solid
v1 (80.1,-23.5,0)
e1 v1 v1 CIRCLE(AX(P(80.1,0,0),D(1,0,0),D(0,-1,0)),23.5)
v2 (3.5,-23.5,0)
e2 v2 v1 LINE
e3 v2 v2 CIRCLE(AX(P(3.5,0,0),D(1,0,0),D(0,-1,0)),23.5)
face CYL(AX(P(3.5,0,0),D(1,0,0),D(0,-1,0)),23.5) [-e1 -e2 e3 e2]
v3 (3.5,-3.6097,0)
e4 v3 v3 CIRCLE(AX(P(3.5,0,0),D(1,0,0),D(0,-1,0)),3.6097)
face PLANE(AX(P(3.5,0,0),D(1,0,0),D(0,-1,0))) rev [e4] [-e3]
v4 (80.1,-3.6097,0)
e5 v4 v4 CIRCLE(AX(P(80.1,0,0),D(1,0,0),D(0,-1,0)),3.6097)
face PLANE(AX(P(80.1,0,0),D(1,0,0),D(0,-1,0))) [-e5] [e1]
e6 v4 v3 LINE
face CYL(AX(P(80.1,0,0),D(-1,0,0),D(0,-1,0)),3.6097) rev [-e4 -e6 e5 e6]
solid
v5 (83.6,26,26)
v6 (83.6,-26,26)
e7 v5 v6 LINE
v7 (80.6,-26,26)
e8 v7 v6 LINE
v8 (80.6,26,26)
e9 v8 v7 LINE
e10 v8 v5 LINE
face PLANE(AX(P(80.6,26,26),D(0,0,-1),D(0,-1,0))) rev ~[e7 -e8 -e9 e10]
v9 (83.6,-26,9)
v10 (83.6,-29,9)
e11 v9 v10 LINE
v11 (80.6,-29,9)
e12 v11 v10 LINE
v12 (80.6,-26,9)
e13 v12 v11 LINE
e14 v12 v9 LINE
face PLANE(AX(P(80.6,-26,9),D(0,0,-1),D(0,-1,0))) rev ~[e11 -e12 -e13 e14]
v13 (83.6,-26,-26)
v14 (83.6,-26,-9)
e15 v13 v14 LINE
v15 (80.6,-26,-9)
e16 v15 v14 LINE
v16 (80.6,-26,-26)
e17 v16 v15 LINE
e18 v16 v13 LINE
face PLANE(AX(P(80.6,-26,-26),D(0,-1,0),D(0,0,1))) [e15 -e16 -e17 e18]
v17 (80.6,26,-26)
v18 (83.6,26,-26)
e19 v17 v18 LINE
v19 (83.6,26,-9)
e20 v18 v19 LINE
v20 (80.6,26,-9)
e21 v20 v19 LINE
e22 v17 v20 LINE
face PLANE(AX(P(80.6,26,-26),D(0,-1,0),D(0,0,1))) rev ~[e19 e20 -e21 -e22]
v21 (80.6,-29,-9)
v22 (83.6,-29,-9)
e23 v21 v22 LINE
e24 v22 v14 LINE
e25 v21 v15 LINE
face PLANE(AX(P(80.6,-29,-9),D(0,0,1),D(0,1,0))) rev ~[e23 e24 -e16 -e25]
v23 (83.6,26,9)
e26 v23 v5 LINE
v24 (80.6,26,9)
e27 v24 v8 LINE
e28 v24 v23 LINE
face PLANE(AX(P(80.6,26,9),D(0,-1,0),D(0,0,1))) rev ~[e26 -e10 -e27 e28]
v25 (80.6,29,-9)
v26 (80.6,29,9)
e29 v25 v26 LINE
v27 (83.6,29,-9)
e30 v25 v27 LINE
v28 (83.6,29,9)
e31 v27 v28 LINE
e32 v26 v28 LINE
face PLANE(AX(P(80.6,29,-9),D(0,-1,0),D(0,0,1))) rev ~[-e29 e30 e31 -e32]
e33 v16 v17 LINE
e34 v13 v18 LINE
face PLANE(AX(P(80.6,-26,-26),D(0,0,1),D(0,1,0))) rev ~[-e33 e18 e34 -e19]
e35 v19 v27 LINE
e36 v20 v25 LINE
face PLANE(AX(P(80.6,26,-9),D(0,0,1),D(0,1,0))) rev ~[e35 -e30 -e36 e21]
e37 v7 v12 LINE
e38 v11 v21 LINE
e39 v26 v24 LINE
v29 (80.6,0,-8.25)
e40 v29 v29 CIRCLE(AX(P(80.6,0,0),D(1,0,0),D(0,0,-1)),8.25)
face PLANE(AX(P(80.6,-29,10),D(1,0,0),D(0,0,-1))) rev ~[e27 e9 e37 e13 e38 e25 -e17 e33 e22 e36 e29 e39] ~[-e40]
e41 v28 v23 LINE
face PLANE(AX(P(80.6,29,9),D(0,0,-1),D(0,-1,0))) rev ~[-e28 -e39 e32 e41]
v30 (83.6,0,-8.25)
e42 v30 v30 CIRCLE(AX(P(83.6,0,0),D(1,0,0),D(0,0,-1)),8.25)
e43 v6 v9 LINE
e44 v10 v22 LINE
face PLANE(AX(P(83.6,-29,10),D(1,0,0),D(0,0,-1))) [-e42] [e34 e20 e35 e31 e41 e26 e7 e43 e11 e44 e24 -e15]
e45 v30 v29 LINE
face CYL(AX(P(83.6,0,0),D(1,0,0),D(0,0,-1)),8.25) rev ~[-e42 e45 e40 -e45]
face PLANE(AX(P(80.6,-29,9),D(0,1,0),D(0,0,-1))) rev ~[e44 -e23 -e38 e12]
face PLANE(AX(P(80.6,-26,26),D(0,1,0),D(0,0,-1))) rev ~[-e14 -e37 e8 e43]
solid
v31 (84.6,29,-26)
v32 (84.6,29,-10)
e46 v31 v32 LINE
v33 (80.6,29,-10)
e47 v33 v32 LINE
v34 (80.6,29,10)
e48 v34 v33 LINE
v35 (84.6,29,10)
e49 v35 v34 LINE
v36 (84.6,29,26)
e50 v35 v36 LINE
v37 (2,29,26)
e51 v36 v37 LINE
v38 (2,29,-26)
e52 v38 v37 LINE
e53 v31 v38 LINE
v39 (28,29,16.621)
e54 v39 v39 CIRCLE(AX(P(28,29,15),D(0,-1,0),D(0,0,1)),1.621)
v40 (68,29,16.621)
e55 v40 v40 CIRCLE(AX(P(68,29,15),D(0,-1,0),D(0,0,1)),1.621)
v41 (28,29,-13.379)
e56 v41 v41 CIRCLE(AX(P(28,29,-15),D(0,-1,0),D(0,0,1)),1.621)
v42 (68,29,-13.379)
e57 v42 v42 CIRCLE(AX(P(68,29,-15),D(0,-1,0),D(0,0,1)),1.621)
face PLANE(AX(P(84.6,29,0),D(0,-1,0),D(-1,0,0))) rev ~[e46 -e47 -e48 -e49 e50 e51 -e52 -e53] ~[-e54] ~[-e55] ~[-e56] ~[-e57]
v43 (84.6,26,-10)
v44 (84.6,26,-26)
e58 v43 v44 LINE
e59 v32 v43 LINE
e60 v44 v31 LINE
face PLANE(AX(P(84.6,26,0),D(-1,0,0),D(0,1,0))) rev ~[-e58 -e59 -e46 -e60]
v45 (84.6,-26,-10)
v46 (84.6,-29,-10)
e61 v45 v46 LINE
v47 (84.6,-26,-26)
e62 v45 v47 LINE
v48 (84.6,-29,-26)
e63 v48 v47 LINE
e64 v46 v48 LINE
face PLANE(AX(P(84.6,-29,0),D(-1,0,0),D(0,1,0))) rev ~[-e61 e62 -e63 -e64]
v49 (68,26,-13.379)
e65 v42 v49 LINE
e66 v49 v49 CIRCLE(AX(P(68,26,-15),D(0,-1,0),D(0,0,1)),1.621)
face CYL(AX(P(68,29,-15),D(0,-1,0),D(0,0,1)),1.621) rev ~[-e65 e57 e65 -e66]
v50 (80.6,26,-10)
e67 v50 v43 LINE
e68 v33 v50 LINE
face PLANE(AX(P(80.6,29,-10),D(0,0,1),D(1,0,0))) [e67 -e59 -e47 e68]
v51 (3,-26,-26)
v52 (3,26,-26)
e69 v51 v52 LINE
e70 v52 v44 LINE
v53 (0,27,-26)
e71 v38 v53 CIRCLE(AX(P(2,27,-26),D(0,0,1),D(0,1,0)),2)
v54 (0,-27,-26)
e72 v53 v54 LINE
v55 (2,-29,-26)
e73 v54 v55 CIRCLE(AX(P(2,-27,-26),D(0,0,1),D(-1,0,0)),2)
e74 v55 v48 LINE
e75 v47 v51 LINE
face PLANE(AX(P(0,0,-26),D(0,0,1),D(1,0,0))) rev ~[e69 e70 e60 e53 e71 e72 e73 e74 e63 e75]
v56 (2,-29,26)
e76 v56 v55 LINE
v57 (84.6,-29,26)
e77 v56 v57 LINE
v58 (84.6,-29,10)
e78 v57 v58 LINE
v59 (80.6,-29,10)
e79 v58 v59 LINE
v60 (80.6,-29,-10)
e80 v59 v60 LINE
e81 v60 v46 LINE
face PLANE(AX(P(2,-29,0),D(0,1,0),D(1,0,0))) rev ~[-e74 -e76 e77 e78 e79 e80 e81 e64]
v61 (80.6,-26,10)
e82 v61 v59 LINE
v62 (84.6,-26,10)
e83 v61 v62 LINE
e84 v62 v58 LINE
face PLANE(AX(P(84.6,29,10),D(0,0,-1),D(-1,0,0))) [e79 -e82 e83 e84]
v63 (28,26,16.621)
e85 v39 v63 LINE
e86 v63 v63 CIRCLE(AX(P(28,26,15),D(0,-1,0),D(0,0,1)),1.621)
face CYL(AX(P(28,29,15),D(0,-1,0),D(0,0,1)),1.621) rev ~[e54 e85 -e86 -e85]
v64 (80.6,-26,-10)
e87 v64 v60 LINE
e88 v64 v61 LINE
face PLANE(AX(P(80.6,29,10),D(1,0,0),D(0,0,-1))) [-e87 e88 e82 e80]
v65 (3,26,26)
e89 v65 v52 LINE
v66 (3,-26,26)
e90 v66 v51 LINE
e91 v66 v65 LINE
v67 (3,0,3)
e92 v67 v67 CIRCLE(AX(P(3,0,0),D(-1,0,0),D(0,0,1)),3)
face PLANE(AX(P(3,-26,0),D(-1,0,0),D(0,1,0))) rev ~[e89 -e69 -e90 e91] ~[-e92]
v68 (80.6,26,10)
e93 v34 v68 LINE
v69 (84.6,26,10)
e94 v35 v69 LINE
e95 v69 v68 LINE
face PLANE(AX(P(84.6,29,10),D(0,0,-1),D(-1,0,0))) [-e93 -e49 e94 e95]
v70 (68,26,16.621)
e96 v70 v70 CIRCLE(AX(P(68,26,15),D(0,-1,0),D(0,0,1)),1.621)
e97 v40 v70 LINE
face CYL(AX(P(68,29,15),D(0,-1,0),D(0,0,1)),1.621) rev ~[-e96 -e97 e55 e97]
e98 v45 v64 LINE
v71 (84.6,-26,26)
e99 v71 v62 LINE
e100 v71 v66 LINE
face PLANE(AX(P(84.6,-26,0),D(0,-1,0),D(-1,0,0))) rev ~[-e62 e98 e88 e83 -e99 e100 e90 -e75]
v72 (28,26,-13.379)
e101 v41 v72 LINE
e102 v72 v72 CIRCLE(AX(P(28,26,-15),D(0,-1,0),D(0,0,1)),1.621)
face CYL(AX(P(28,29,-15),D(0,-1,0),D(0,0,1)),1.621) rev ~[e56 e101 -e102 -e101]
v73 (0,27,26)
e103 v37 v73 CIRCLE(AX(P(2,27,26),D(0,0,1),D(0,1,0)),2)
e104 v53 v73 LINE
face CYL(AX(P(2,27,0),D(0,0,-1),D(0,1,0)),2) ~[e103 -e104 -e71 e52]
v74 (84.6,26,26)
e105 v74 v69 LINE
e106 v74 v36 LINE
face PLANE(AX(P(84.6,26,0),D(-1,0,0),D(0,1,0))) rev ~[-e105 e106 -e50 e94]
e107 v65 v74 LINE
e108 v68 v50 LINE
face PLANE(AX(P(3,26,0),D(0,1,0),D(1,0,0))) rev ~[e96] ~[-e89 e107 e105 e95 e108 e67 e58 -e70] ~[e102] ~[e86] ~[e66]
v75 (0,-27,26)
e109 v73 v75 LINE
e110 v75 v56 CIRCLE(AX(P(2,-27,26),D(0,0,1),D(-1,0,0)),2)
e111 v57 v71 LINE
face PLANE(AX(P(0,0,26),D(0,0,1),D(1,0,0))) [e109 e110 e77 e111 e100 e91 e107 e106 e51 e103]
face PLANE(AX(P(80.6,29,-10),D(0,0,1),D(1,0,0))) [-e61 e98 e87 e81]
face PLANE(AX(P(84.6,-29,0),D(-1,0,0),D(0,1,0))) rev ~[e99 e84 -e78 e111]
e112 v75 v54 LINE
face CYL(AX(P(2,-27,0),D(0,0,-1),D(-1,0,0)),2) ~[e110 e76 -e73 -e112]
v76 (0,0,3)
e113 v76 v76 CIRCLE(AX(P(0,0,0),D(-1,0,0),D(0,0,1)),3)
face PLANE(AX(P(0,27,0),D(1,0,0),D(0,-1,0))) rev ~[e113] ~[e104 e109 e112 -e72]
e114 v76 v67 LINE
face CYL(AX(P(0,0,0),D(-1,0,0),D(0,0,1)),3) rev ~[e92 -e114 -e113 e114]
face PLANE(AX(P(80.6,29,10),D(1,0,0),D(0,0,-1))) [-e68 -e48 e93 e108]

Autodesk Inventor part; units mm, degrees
ref_plane "YZ Plane" through (0, 0, 0) normal (1, 0, 0) x (0, 1, 0)
ref_plane "XZ Plane" through (0, 0, 0) normal (0, 1, 0) x (-1, 0, 0)
ref_plane "XY Plane" through (0, 0, 0) normal (0, 0, 1) x (1, 0, 0)
sketch "Эскиз2" plane through (0, 0, 0) normal (0, 0, 1) x (1, 0, 0)
  line L0 (84.6, 29) -> (2, 29)
  line L1 (0, 27) -> (0, -27)
  line L2 (2, -29) -> (84.6, -29)
  line L3 (84.6, -26) -> (3, -26)
  line L4 (3, -26) -> (3, 26)
  line L5 (3, 26) -> (84.6, 26)
  line L6 (84.6, -29) -> (84.6, -26)
  line L7 (84.6, 26) -> (84.6, 29)
  arc A0 (0, -27) -> (2, -29) centre (2, -27) ccw
  arc A1 (2, 29) -> (0, 27) centre (2, 27) ccw
  point P0 (0, 0)
  point P1 (0, -29)
  point P2 (0, 29)
  point P3 (0, 0)
  dimension "d0" = 84.6
  dimension "d1" = 3
  dimension "d2" = 58
  dimension "d34" = 2
extrude "Выдавливание1" add sketch "Эскиз2" along normal mid plane 52
sketch "Эскиз3" plane through (0, 29, 26) normal (0, 1, 0) x (1, 0, 0)
  line L0 (84.6, 0) -> (84.6, 52) projected
  point P0 (0, 26)
  point P1 (68, 11)
  point P2 (28, 11)
  point P3 (28, 41)
  point P4 (68, 41)
  dimension "d5" = 40
  dimension "d6" = 16.6
  dimension "d7" = 30
  dimension "d8" = 15
hole "Отверстие1" at (68, 29, 15) at (28, 29, 15) at (28, 29, -15) at (68, 29, -15) direction (0, -1, 0) diameter 3.242 depth 3 tip angle 118 thread size "M4x0.7" class "6H" standard "ISO Metric profile"
sketch "Эскиз4" plane through (0, -29, 26) normal (-1, 0, 0) x (0, 0, 1)
  circle A0 centre (-26, 29) radius 3
  point P0 (-26, 29)
  dimension "d16" = 6
extrude "Выдавливание2" cut sketch "Эскиз4" against normal blind 4
sketch "Эскиз5" plane through (0, 29, 26) normal (0, 1, 0) x (1, 0, 0)
  line L0 (80.6, 36) -> (84.6, 36)
  line L1 (84.6, 36) -> (84.6, 16)
  line L2 (84.6, 16) -> (80.6, 16)
  line L3 (80.6, 16) -> (80.6, 36)
  line L4 (84.6, 0) -> (84.6, 52) projected
  point P0 (0, 26)
  point P1 (84.6, 26)
  dimension "d19" = 4
  dimension "d20" = 20
extrude "Выдавливание3" cut sketch "Эскиз5" against normal through all
sketch "Эскиз6" plane through (80.6, -29, 10) normal (1, 0, 0) x (0, 0, -1)
  line L0 (36, 3) -> (36, 55)
  line L1 (36, 55) -> (19, 55)
  line L2 (19, 55) -> (19, 58)
  line L3 (36, 58) -> (-16, 58)
  line L4 (19, 58) -> (1, 58)
  line L5 (1, 58) -> (1, 55)
  line L6 (1, 55) -> (-16, 55)
  line L7 (-16, 56) -> (-16, 2)
  line L8 (-16, 55) -> (-16, 3)
  line L9 (-16, 3) -> (1, 3)
  line L10 (1, 3) -> (1, 0)
  line L11 (1, 0) -> (19, 0)
  line L12 (36, 0) -> (-16, 0)
  line L13 (19, 0) -> (19, 3)
  line L14 (36, 3) -> (19, 3)
  line L15 (36, 55) -> (36, 3)
  point P0 (10, 29)
  point P1 (10, 0)
  dimension "d23" = 18
  dimension "d24" = 18
extrude "Выдавливание4" add sketch "Эскиз6" along normal blind 3 separate body
sketch "Эскиз7" plane through (83.6, -29, 10) normal (1, 0, 0) x (0, 0, -1)
  circle A0 centre (10, 29) radius 8.25
  point P0 (10, 29)
  dimension "d27" = 16.5
extrude "Выдавливание5" cut sketch "Эскиз7" against normal blind 3 bodies 2
sketch "Эскиз8" plane through (0, 0, 0) normal (0, 0, 1) x (1, 0, 0)
  line L0 (3.5, -23.5) -> (80.1, -23.5)
  line L1 (80.1, -23.5) -> (80.1, -3.6097)
  line L2 (80.1, -3.6097) -> (3.5, -3.6097)
  line L3 (3.5, -3.6097) -> (3.5, -23.5)
  line L4 (0, 0) -> (96.507, 0)
  line L5 (3, -26) -> (3, 26) projected
  line L6 (80.6, -26) -> (80.6, 26) projected
  dimension "d30" = 47
  dimension "d31" = 0.5
  dimension "d32" = 0.5
revolve "Вращение1" add sketch "Эскиз8" angle 360 about axis through (0, 0, 0) along (1, 0, 0) separate body
equation "\"d8\" = 0.5 * d7"
equation "\"d32\" = d31"
equation "\"Радиус_гибки\" = Толщина"
equation "\"Ширина_просечки\" = Толщина"
equation "\"Глубина_просечки\" = 0.5 * Толщина"
equation "\"Размер_просечки\" = 4 * Толщина"
equation "\"Мин_остаток\" = 2 * Толщина"
equation "\"Радиус_перехода\" = Радиус_гибки"
equation "\"Радиус_Якоби\" = Радиус_гибки"
equation "\"Размер_зазора\" = Толщина"
equation "\"Толщина\" = 2"
properties part number "JF_0837B_Linear solenoid Pull 15N 12v1A Frame" material "Сталь нержавеющая, 440C"
